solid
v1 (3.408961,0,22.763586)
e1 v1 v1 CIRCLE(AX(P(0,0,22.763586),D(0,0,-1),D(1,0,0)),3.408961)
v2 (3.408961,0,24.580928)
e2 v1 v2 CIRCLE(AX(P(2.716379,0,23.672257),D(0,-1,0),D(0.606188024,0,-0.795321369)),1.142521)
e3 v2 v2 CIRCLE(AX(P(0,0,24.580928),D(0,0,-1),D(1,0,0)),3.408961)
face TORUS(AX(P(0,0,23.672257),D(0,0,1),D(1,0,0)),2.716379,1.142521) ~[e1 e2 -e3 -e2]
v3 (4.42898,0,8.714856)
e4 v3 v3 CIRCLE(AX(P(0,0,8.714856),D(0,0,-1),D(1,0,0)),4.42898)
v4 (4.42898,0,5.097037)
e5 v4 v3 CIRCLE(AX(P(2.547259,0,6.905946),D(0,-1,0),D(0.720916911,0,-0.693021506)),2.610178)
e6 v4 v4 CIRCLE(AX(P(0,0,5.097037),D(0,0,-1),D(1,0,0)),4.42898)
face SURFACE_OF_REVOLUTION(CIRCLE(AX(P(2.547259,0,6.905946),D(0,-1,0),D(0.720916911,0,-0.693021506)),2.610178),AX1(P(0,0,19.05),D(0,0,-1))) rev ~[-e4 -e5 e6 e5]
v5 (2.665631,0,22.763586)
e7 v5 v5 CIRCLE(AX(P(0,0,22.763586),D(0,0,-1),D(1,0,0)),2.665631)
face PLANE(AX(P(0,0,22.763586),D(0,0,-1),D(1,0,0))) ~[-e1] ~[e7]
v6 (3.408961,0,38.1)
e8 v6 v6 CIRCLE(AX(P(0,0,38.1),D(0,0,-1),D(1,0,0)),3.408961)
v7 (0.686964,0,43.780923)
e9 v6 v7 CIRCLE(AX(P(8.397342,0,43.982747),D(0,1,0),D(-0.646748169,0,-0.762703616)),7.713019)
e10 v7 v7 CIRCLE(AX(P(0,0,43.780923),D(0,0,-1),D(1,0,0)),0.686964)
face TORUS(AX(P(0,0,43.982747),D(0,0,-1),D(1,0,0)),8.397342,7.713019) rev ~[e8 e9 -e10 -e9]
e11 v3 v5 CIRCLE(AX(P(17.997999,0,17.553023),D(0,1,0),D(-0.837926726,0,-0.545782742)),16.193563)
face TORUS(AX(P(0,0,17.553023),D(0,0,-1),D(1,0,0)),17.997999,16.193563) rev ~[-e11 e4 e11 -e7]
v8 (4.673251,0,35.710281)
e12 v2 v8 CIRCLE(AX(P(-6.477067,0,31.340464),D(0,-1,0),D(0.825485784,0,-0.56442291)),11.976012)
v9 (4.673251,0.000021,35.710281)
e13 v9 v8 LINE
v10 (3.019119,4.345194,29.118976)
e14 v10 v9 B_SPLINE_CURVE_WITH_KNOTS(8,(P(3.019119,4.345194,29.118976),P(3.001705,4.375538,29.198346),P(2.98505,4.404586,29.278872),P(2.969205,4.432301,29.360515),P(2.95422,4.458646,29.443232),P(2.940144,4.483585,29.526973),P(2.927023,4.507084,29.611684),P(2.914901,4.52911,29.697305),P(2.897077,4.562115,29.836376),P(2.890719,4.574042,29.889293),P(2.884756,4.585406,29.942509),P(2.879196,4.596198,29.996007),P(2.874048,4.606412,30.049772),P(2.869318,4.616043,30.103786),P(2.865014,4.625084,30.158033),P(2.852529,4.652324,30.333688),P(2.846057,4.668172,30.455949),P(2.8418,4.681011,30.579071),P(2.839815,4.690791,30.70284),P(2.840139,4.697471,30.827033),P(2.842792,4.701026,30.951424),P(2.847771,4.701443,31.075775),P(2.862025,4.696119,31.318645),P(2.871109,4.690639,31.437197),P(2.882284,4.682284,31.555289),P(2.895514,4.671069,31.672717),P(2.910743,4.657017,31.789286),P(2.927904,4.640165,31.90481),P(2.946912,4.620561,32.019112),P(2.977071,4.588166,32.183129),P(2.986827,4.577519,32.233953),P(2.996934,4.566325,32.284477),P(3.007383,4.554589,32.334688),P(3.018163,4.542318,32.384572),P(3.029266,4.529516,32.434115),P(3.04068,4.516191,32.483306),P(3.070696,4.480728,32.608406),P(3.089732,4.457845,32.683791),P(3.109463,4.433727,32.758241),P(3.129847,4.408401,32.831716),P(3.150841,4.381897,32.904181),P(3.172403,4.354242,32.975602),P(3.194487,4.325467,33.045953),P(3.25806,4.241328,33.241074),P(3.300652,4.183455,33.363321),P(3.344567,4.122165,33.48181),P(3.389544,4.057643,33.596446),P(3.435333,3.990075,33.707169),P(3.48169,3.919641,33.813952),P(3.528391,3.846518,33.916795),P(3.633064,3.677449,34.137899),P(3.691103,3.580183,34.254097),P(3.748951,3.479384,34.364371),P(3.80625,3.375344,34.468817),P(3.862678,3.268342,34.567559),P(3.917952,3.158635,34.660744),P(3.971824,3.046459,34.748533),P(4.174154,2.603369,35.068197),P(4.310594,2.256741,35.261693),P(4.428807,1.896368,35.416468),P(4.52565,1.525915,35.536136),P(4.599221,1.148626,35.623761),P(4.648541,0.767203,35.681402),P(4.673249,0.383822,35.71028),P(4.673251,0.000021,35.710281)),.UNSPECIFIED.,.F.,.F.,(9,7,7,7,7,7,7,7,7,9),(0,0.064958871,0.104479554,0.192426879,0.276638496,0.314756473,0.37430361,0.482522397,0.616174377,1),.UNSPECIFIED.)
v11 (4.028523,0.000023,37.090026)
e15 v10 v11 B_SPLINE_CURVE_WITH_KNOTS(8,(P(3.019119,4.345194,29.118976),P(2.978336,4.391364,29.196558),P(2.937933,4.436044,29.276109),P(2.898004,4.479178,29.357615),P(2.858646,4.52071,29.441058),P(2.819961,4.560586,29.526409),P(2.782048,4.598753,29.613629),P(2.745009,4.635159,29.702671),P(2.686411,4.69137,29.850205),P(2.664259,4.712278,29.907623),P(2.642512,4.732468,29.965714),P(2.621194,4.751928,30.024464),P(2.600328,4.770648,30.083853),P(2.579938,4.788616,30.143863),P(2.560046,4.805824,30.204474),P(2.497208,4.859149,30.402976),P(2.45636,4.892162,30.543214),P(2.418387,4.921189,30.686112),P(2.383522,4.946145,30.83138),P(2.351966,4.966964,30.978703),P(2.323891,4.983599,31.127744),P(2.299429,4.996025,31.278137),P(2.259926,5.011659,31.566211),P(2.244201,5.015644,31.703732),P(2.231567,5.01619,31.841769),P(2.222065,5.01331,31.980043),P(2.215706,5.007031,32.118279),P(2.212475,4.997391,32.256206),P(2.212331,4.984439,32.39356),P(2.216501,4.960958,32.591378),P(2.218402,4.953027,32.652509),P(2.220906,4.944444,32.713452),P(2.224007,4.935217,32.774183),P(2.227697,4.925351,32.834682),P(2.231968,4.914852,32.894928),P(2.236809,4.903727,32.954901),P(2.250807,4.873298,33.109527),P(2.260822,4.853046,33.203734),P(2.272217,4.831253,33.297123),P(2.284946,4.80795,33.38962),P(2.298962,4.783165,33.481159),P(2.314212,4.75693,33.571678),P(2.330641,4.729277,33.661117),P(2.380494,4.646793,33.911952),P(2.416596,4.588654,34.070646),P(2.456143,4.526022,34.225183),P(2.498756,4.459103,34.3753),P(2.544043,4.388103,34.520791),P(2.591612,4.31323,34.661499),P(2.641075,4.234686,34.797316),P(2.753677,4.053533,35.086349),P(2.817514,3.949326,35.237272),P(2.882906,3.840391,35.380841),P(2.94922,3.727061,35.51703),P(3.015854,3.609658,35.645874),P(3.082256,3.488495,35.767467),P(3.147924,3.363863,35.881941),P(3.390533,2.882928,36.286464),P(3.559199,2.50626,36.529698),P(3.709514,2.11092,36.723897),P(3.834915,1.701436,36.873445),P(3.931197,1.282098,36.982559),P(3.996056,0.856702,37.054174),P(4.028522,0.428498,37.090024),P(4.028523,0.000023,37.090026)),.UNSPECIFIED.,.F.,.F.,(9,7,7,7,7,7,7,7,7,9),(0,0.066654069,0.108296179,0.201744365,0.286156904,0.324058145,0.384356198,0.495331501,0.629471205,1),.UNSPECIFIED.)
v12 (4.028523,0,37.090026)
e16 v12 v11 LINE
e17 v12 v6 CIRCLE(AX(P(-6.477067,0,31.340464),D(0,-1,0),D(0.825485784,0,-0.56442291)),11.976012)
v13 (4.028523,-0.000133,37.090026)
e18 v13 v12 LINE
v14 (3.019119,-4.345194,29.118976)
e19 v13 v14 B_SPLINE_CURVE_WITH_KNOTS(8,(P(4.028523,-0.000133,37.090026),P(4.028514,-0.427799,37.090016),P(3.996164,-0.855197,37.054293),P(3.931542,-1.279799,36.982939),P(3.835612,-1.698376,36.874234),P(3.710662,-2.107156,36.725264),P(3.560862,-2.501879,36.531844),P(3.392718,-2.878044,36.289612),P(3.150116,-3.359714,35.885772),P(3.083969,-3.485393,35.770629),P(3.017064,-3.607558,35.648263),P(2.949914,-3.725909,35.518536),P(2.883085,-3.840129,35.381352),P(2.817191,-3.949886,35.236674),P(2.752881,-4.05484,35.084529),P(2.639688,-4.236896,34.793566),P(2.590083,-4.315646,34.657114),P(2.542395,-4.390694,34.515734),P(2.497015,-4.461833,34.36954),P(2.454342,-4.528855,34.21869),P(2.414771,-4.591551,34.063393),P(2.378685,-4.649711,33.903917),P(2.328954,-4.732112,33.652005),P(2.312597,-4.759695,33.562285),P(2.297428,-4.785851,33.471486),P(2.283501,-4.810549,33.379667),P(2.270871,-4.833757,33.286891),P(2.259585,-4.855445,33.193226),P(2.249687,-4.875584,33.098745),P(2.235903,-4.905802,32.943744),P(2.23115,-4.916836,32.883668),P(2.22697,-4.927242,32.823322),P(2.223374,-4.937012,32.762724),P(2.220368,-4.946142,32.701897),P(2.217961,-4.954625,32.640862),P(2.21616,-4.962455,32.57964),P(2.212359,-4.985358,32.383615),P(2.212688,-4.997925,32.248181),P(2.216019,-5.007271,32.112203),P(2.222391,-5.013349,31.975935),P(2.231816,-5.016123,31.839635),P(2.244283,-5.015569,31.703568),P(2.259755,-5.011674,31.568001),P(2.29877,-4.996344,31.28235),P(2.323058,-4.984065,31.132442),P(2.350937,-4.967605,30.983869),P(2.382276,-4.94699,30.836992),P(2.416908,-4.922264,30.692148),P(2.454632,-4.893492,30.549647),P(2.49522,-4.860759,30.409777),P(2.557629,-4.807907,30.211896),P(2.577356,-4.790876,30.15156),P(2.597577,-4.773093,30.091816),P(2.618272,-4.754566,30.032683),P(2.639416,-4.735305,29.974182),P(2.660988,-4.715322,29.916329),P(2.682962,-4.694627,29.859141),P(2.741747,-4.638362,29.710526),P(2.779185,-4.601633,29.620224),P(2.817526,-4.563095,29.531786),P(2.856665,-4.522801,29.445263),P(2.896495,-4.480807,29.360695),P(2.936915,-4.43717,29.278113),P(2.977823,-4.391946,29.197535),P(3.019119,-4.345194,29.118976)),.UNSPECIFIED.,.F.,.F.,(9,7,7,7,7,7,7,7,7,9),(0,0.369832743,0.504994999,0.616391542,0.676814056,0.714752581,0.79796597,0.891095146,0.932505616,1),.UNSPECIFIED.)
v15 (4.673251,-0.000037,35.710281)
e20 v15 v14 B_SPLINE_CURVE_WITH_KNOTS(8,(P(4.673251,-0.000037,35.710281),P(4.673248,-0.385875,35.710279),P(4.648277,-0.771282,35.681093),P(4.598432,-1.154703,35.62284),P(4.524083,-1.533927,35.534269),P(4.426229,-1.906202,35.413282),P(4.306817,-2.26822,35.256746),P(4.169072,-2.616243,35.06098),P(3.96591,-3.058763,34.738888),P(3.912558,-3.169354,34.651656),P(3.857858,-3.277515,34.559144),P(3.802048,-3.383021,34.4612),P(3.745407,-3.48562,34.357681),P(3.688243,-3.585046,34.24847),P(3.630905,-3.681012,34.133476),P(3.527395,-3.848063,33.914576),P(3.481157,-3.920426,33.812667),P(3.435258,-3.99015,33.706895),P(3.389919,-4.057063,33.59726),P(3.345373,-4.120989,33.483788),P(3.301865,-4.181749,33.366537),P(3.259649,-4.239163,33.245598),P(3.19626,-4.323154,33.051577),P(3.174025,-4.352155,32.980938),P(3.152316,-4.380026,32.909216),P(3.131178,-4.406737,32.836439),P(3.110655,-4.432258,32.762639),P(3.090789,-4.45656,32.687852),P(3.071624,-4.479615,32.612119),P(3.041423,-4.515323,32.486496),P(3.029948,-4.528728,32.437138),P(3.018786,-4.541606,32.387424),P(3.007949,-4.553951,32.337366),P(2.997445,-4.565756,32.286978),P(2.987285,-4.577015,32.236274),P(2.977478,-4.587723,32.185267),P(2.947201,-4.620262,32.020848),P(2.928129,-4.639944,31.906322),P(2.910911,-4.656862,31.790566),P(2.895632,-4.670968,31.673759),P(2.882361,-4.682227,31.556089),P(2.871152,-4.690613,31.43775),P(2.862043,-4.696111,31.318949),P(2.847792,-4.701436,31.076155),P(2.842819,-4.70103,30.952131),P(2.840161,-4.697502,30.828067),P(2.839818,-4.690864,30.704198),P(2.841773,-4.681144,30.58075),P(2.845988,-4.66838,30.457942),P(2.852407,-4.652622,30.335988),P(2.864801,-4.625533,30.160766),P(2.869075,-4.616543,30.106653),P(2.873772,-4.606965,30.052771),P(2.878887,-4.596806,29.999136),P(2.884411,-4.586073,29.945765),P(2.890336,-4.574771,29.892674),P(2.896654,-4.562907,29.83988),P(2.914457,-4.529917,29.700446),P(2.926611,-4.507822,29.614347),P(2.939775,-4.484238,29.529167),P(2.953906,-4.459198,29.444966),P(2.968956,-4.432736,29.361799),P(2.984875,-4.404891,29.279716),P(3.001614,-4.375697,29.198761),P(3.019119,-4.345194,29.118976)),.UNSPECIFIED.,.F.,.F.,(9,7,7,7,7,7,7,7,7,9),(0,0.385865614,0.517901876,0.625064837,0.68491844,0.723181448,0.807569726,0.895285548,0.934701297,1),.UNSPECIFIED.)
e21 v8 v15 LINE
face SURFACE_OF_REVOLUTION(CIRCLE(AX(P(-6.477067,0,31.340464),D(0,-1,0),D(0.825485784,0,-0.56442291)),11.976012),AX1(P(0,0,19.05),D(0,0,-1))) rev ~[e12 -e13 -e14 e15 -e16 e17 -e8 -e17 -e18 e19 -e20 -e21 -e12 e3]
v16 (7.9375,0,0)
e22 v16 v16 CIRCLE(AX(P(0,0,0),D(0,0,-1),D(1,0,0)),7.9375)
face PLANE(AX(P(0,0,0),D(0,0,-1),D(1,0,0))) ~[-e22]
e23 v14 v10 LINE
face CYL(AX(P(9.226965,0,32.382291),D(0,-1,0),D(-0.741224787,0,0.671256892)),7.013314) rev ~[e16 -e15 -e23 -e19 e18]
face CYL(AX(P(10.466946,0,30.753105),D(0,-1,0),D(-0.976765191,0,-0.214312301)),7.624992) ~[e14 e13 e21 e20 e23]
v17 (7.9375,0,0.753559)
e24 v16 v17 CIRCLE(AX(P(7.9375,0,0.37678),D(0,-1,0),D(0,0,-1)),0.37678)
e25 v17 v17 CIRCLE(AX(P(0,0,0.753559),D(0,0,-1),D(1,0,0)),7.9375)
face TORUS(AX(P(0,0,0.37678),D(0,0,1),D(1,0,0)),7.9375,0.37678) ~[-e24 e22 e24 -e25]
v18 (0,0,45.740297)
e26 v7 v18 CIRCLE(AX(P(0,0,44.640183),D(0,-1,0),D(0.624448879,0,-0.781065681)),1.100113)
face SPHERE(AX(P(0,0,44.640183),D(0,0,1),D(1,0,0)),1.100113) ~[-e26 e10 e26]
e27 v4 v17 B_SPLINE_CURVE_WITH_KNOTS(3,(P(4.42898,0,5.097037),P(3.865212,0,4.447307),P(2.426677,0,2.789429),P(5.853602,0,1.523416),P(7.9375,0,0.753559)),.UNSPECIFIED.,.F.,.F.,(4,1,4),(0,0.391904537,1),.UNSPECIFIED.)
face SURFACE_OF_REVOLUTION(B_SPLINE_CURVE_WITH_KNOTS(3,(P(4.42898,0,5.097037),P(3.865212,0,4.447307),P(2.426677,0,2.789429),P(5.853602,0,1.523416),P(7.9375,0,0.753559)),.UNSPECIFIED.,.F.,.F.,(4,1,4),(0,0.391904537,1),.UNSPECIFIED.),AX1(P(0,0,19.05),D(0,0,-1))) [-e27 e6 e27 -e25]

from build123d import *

# Parameters (mm, degrees)
F3_DEPTH = 12.7


with BuildPart() as f1:
    # F0 (on Front) → F1 (revolve)
    with BuildSketch(Plane.XZ):
        with BuildLine():
            Line((0, 45.7402965126), (0, 38.1))
            Line((0, 38.1), (0, 0))
            Line((0, 0), (7.9375, 0))
            ThreePointArc((7.9375, 0), (8.3142796152, 0.3767796152), (7.9375, 0.7535592304))
            add(Edge.make_bspline(
                [(4.4289799407, 5.0970371813), (3.8652116037, 4.447307109), (2.4266767475, 2.7894286959), (5.8536021882, 1.5234158797), (7.9375, 0.7535592304)],
                knots=[0, 0, 0, 0, 0.3919045372, 1, 1, 1, 1], degree=3))
            ThreePointArc((4.4289799407, 5.0970371813), (5.1574363772, 6.9059464149), (4.4289799407, 8.7148556486))
            ThreePointArc((4.4289799407, 8.7148556486), (1.9305085977, 15.5362857998), (2.6656309819, 22.7635856718))
            Line((2.6656309819, 22.7635856718), (3.4089614412, 22.7635856718))
            ThreePointArc((3.4089614412, 22.7635856718), (3.8588998931, 23.6722570362), (3.4089614412, 24.5809284006))
            ThreePointArc((3.4089614412, 24.5809284006), (5.49894587, 31.3404642003), (3.4089614412, 38.1))
            ThreePointArc((3.4089614412, 38.1), (1.4415648538, 40.6499076471), (0.6869643694, 43.7809228897))
            ThreePointArc((0.6869643694, 43.7809228897), (1.0381552195, 45.0041648954), (0, 45.7402965126))
        make_face()
    revolve(axis=Axis((0, 0, 19.05), (0, 0, -1)))

    # F2 (on Front) → F3 (cut, symmetric)
    with BuildSketch(Plane.XZ):
        with BuildLine():
            ThreePointArc((3.01911938, 29.1189756244), (3.0712848337, 32.6090947514), (4.6732505394, 35.7102814005))
            ThreePointArc((4.6732505394, 35.7102814005), (4.3728411599, 36.4104125502), (4.0285230392, 37.0900260095))
            ThreePointArc((4.0285230392, 37.0900260095), (2.2692168517, 33.2633760177), (3.01911938, 29.1189756244))
        make_face()
    extrude(amount=F3_DEPTH, both=True, mode=Mode.SUBTRACT)


solid = f1.part
